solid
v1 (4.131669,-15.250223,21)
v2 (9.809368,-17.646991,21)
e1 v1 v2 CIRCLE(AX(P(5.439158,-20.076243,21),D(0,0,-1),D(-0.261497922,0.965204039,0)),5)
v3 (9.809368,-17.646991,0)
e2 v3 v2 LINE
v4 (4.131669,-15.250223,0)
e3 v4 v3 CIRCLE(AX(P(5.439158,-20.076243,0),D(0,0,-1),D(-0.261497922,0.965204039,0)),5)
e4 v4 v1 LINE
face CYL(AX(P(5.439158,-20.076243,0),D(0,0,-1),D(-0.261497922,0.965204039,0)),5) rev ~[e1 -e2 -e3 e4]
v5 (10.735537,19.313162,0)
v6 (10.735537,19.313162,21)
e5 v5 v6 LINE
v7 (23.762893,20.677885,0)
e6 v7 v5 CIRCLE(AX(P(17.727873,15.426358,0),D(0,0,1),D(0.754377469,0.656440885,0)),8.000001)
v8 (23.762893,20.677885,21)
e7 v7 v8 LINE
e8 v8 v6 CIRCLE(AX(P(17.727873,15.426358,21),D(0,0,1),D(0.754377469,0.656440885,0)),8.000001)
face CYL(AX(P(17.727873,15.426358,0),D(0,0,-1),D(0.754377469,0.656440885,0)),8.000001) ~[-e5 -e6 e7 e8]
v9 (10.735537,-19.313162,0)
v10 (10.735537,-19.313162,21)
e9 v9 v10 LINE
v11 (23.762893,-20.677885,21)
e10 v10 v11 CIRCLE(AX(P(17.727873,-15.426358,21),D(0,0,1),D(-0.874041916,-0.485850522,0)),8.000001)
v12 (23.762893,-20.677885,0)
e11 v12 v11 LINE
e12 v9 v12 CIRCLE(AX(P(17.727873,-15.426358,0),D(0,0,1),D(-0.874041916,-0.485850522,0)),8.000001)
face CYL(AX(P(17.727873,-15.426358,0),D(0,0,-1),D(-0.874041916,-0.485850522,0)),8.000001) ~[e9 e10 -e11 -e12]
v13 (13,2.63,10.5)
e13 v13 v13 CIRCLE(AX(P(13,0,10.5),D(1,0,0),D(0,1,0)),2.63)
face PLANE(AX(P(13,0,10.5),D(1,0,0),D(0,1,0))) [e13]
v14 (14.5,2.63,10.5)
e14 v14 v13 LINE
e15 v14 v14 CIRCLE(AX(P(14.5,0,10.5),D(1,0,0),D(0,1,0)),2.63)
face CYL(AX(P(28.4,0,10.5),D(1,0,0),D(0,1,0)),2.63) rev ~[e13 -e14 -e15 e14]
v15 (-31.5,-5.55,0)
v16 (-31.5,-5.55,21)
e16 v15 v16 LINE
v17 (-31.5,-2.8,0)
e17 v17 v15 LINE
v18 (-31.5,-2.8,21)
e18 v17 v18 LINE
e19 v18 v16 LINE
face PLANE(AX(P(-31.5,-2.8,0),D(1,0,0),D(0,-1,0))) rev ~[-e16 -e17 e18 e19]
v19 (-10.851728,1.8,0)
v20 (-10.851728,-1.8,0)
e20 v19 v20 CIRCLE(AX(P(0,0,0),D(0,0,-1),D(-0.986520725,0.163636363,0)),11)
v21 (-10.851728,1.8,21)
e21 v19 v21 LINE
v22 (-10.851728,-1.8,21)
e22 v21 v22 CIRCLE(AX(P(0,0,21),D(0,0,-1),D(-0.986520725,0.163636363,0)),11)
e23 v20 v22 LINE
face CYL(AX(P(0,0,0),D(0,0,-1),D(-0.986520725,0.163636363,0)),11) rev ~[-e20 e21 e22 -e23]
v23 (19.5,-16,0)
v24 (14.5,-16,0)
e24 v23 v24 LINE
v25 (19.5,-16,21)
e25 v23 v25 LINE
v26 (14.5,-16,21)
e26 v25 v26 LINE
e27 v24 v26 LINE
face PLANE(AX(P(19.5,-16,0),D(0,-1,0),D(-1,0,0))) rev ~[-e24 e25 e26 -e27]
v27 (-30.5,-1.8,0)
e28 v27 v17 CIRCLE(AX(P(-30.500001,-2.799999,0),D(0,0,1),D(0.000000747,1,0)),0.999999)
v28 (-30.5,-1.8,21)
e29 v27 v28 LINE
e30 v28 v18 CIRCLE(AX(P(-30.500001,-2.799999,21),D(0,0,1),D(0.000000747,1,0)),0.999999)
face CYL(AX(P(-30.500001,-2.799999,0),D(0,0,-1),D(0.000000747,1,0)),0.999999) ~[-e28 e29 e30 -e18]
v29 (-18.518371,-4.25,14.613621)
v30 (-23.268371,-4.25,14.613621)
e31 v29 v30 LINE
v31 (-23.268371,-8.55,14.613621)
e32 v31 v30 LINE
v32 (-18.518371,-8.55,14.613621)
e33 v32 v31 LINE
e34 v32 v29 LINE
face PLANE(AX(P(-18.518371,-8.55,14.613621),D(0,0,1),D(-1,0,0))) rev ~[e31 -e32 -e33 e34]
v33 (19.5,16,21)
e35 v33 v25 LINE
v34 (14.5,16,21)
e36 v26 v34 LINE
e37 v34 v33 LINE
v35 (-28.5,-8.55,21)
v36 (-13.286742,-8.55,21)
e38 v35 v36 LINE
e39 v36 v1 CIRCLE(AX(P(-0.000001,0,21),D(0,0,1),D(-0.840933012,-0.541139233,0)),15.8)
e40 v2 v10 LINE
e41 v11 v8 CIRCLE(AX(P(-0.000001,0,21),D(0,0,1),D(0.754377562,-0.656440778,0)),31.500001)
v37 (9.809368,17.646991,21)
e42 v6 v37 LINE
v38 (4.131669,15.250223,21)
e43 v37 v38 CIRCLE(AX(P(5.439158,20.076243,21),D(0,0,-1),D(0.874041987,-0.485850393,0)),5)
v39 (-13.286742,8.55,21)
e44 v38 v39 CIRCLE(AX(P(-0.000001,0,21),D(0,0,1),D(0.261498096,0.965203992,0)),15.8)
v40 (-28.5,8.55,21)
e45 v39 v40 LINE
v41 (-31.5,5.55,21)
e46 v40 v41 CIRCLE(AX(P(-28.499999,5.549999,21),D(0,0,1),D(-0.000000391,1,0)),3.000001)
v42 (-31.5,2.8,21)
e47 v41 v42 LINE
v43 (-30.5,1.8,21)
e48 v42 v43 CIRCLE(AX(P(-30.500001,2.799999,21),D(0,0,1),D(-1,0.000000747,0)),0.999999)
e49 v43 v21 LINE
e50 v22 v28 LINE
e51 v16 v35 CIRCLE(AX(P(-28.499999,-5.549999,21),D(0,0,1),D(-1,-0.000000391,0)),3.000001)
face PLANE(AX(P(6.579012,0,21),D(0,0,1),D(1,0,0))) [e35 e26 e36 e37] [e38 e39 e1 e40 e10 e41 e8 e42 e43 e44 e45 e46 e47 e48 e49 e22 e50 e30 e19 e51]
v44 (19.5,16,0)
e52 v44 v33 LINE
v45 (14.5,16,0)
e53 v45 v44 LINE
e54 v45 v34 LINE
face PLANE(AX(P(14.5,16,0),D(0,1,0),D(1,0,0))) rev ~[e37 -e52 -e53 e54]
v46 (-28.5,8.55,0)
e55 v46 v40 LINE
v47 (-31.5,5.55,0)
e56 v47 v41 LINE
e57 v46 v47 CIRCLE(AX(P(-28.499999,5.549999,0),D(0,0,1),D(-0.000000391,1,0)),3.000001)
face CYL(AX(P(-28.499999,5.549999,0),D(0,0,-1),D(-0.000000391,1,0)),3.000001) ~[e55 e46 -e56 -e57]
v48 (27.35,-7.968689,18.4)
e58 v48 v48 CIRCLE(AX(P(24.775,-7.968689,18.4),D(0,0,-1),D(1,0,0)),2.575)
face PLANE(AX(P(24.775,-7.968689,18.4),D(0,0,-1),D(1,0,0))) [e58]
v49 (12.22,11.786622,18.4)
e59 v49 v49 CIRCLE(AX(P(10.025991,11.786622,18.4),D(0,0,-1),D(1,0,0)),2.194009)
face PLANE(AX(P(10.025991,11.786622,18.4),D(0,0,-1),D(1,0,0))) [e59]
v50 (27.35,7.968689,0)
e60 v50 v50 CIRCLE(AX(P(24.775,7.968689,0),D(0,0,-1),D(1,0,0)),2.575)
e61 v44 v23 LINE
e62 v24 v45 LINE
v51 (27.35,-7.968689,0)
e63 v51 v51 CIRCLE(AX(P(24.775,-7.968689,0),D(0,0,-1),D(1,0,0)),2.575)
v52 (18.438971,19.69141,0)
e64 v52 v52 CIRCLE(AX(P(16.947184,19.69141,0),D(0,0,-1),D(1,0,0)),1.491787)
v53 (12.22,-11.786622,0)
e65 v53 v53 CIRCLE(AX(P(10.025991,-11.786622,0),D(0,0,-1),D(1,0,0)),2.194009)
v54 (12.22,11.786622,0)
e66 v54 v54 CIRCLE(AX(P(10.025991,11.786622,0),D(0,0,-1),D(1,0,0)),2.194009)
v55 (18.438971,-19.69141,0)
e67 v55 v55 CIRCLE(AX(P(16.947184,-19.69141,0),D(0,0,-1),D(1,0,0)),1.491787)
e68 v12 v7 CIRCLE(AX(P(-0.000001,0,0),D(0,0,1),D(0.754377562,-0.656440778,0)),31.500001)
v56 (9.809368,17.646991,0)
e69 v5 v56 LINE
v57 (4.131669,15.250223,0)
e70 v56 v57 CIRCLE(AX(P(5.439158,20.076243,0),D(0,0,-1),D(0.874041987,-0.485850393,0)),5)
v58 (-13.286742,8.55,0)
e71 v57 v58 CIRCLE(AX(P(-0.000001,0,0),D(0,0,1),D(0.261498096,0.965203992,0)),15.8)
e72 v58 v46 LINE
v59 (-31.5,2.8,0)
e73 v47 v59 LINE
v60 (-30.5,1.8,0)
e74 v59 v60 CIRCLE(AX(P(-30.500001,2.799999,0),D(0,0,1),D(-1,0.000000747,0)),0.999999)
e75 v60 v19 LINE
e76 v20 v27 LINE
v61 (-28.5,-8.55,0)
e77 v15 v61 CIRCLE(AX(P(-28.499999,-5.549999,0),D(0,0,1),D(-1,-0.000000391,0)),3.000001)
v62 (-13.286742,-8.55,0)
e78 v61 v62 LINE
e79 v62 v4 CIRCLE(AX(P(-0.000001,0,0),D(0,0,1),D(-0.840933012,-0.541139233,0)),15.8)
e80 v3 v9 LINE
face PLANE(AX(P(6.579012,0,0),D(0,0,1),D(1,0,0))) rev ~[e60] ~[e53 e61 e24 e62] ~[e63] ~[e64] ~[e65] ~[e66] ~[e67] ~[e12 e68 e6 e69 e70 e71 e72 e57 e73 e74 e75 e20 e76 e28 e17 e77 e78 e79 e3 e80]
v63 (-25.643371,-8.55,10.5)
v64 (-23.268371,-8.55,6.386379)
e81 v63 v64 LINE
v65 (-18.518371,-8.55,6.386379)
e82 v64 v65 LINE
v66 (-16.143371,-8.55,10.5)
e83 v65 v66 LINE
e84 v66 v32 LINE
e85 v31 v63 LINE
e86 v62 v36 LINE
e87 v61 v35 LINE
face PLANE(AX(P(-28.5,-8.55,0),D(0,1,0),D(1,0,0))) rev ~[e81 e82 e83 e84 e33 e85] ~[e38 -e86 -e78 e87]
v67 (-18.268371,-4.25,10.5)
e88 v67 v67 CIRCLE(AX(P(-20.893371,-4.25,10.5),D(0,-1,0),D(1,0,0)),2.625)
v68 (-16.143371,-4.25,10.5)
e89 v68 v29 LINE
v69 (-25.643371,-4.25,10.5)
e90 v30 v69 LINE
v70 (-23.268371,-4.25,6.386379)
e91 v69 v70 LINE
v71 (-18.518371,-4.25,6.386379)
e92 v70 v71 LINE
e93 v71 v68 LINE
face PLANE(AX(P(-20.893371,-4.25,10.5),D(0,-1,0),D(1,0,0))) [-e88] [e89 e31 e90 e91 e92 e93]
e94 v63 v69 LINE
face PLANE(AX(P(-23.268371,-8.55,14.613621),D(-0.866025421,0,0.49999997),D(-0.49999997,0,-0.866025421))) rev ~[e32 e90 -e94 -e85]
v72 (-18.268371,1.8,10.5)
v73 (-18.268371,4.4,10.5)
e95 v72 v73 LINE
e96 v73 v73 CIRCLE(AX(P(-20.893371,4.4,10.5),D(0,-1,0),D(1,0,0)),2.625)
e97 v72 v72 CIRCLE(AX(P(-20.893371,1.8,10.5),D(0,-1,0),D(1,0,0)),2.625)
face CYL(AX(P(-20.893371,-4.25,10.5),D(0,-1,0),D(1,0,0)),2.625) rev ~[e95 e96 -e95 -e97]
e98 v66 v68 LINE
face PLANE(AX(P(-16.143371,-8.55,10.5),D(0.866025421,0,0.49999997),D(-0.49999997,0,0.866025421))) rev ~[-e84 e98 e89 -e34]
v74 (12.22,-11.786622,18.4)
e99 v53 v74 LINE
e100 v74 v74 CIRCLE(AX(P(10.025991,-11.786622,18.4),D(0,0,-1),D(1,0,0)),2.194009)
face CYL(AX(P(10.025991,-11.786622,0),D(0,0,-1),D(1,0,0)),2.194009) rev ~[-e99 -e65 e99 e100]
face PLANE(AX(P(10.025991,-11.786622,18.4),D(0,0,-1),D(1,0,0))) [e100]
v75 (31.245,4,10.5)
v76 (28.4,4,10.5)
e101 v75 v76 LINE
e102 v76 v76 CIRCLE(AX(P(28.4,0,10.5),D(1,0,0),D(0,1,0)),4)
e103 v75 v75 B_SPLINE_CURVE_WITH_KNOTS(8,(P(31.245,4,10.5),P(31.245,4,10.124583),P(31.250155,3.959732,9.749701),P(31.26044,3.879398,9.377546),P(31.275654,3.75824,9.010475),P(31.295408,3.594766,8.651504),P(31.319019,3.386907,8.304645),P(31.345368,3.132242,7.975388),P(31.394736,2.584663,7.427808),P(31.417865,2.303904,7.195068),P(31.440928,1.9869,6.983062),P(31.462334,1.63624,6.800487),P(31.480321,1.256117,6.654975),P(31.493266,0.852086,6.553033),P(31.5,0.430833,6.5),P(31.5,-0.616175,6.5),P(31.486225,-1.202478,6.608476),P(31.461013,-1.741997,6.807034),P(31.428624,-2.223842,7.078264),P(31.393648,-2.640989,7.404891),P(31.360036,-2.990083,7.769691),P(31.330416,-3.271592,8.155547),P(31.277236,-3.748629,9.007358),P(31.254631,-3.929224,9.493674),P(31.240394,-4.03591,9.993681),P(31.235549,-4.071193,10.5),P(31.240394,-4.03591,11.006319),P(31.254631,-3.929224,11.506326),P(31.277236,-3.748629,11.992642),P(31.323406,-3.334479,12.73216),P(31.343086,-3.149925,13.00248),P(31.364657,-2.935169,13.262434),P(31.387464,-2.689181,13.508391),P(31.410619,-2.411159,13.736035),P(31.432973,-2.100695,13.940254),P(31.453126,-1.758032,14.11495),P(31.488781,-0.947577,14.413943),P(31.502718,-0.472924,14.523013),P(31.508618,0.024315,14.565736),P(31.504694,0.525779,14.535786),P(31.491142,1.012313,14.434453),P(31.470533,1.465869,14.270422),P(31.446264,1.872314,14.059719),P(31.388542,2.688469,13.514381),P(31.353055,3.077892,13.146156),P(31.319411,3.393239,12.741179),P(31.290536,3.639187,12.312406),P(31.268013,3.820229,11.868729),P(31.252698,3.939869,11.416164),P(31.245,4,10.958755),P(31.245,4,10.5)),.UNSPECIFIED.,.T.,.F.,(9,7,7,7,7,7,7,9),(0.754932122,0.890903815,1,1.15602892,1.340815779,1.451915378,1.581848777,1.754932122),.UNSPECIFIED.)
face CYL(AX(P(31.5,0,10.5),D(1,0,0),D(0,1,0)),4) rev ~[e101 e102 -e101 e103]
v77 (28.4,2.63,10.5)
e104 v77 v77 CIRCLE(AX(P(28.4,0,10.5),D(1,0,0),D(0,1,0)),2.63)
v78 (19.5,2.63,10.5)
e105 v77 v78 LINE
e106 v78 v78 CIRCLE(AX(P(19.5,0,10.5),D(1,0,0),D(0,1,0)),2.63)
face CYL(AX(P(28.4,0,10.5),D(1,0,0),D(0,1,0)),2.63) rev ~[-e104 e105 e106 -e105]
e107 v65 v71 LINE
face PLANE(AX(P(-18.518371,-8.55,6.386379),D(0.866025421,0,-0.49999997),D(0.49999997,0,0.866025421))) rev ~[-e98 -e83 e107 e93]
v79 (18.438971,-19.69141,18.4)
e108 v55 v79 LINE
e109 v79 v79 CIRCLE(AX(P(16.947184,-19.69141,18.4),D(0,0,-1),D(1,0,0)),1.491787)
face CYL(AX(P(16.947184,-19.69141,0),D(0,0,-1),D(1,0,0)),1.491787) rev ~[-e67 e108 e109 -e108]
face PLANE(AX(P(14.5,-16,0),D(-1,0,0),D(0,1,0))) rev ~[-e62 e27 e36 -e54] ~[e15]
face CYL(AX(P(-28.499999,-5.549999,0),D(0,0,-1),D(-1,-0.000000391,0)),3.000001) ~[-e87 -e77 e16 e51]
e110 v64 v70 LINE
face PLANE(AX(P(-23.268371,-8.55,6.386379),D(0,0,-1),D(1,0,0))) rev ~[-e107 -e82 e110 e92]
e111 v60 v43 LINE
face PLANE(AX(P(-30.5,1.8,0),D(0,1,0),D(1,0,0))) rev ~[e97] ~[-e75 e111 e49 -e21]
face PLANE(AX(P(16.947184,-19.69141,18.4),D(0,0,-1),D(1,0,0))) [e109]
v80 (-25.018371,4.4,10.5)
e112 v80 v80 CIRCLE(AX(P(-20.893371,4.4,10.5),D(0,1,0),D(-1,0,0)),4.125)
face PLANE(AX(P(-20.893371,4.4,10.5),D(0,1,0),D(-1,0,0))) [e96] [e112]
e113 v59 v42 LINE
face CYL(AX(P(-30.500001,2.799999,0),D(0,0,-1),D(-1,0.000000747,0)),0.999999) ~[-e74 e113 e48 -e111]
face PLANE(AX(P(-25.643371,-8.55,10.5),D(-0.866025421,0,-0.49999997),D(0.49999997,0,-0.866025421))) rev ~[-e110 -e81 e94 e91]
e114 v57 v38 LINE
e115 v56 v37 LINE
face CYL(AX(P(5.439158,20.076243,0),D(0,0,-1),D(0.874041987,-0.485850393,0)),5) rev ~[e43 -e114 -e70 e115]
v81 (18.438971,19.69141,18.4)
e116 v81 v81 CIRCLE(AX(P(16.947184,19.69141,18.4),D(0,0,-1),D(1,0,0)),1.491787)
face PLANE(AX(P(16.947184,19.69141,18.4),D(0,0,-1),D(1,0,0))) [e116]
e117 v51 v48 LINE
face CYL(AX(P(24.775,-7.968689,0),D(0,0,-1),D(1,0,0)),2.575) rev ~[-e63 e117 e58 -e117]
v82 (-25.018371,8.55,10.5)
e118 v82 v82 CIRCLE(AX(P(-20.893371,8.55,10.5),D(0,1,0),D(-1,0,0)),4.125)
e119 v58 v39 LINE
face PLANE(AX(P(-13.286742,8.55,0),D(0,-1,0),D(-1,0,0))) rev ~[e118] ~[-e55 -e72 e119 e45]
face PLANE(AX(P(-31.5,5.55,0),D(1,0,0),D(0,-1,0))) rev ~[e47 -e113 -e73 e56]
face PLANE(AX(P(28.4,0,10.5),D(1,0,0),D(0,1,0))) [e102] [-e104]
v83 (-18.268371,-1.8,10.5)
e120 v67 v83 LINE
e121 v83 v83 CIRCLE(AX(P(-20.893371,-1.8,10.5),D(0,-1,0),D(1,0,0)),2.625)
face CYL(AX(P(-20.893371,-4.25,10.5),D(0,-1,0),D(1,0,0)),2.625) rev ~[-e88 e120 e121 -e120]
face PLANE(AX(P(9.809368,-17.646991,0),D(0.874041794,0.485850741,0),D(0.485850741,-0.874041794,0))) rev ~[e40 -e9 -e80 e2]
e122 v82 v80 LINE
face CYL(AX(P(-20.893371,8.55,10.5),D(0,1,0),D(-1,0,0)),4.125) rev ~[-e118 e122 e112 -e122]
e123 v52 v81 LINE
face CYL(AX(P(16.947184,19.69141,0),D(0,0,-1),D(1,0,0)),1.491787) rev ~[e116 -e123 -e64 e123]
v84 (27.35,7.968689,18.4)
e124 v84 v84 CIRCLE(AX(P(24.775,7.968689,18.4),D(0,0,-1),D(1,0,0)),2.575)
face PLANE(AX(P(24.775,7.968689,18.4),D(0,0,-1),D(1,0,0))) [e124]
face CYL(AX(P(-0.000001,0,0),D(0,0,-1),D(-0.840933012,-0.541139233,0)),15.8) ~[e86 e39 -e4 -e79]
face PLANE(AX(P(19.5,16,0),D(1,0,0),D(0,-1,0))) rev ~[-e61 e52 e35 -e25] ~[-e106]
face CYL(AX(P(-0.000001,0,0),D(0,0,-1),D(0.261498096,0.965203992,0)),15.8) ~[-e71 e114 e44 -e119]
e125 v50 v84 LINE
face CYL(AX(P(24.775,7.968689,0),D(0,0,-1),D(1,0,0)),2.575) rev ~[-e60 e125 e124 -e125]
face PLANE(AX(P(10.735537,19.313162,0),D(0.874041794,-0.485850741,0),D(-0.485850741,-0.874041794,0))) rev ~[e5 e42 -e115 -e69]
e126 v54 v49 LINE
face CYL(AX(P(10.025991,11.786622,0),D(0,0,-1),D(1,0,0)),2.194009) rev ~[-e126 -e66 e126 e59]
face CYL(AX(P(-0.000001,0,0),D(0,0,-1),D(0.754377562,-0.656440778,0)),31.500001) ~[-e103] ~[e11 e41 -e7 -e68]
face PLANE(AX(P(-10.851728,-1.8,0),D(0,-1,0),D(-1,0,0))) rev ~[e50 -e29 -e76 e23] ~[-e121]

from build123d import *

# Parameters (mm, degrees)
F1_DEPTH  = 21
F3_DEPTH  = 4.3
F4_R      = 2.625
F5_DEPTH  = 27.677358
F6_R      = 4.125
F7_DEPTH  = 4.15
F9_R      = 4
F10_DEPTH = 3.1
F11_R     = 2.63
F12_DEPTH = 15.4
F13_R     = 2.194009
F13_R_2   = 2.575
F13_R_3   = 1.491787
F14_DEPTH = 18.4


with BuildPart() as f1:
    # F0 (on Top) → F1 (new body)
    with BuildSketch(Plane.XY):
        with BuildLine():
            ThreePointArc((-10.851728, 1.8), (11, 0), (-10.851728, -1.8))
            Line((-10.851728, -1.8), (-15.697133, -1.8))
            ThreePointArc((-15.697133, -1.8), (-14.879747, -5.313485), (-13.286742, -8.55))
            ThreePointArc((-13.286742, -8.55), (-5.672485, -14.746624), (4.131669, -15.250223))
            ThreePointArc((4.131669, -15.250223), (7.383686, -15.469855), (9.809368, -17.646991))
            Line((9.809368, -17.646991), (10.735537, -19.313162))
            ThreePointArc((10.735537, -19.313162), (16.894368, -23.382819), (23.762893, -20.677885))
            ThreePointArc((23.762893, -20.677885), (31.5, 0), (23.762893, 20.677885))
            ThreePointArc((23.762893, 20.677885), (16.894368, 23.382819), (10.735537, 19.313162))
            Line((10.735537, 19.313162), (9.809368, 17.646991))
            ThreePointArc((9.809368, 17.646991), (7.383686, 15.469855), (4.131669, 15.250223))
            ThreePointArc((4.131669, 15.250223), (-5.672485, 14.746624), (-13.286742, 8.55))
            ThreePointArc((-13.286742, 8.55), (-14.879747, 5.313485), (-15.697133, 1.8))
            Line((-15.697133, 1.8), (-10.851728, 1.8))
        make_face()
        Polygon((14.5, -16), (14.5, 0), (14.5, 16), (19.5, 16), (19.5, -16), align=None, mode=Mode.SUBTRACT)
        with BuildLine():
            ThreePointArc((-13.286742, -8.55), (-14.879747, -5.313485), (-15.697133, -1.8))
            Line((-15.697133, -1.8), (-30.5, -1.8))
            ThreePointArc((-30.5, -1.8), (-31.207107, -2.092893), (-31.5, -2.8))
            Line((-31.5, -2.8), (-31.5, -5.55))
            ThreePointArc((-31.5, -5.55), (-30.62132, -7.67132), (-28.5, -8.55))
            Line((-28.5, -8.55), (-13.286742, -8.55))
        make_face()
        with BuildLine():
            Line((-30.5, 1.8), (-15.697133, 1.8))
            ThreePointArc((-15.697133, 1.8), (-14.879747, 5.313485), (-13.286742, 8.55))
            Line((-13.286742, 8.55), (-28.5, 8.55))
            ThreePointArc((-28.5, 8.55), (-30.62132, 7.67132), (-31.5, 5.55))
            Line((-31.5, 5.55), (-31.5, 2.8))
            ThreePointArc((-31.5, 2.8), (-31.207107, 2.092893), (-30.5, 1.8))
        make_face()
    extrude(amount=F1_DEPTH)

    # F2 (on face) → F3 (cut)
    with BuildSketch(Plane.XZ.offset(8.55)):
        Polygon((-23.268371, 14.613621), (-25.643371, 10.5), (-23.268371, 6.386379), (-18.518371, 6.386379), (-16.143371, 10.5), (-18.518371, 14.613621), align=None)
    extrude(amount=-F3_DEPTH, mode=Mode.SUBTRACT)

    # F4 (on face) → F5 (cut, through all)
    with BuildSketch(Plane.XZ.offset(4.25)):
        with Locations((-20.893371, 10.5)):
            Circle(F4_R)
    extrude(amount=-F5_DEPTH, mode=Mode.SUBTRACT)

    # F6 (on face) → F7 (cut)
    with BuildSketch(Plane(origin=(0, 8.55, 0), x_dir=(-1, 0, 0), z_dir=(0, 1, 0))):
        with Locations((20.893371, 10.5)):
            Circle(F6_R)
    extrude(amount=-F7_DEPTH, mode=Mode.SUBTRACT)

    # F9 (on offset) → F10 (cut)
    with BuildSketch(Plane.YZ.offset(31.5)):
        with Locations((0, 10.5)):
            Circle(F9_R)
    extrude(amount=-F10_DEPTH, mode=Mode.SUBTRACT)

    # F11 (on face) → F12 (cut)
    with BuildSketch(Plane.YZ.offset(28.4)):
        with Locations((0, 10.5)):
            Circle(F11_R)
    extrude(amount=-F12_DEPTH, mode=Mode.SUBTRACT)

    # F13 (on face) → F14 (cut)
    with BuildSketch(Plane(origin=(0, 0, 0), x_dir=(1, 0, 0), z_dir=(0, 0, -1))):
        with Locations((10.025991, 11.786622)):
            Circle(F13_R)
        with Locations((10.025991, -11.786622)):
            Circle(F13_R)
        with Locations((24.775, 7.968689)):
            Circle(F13_R_2)
        with Locations((24.775, -7.968689)):
            Circle(F13_R_2)
        with Locations((16.947184, 19.69141)):
            Circle(F13_R_3)
        with Locations((16.947184, -19.69141)):
            Circle(F13_R_3)
    extrude(amount=-F14_DEPTH, mode=Mode.SUBTRACT)


solid = f1.part
